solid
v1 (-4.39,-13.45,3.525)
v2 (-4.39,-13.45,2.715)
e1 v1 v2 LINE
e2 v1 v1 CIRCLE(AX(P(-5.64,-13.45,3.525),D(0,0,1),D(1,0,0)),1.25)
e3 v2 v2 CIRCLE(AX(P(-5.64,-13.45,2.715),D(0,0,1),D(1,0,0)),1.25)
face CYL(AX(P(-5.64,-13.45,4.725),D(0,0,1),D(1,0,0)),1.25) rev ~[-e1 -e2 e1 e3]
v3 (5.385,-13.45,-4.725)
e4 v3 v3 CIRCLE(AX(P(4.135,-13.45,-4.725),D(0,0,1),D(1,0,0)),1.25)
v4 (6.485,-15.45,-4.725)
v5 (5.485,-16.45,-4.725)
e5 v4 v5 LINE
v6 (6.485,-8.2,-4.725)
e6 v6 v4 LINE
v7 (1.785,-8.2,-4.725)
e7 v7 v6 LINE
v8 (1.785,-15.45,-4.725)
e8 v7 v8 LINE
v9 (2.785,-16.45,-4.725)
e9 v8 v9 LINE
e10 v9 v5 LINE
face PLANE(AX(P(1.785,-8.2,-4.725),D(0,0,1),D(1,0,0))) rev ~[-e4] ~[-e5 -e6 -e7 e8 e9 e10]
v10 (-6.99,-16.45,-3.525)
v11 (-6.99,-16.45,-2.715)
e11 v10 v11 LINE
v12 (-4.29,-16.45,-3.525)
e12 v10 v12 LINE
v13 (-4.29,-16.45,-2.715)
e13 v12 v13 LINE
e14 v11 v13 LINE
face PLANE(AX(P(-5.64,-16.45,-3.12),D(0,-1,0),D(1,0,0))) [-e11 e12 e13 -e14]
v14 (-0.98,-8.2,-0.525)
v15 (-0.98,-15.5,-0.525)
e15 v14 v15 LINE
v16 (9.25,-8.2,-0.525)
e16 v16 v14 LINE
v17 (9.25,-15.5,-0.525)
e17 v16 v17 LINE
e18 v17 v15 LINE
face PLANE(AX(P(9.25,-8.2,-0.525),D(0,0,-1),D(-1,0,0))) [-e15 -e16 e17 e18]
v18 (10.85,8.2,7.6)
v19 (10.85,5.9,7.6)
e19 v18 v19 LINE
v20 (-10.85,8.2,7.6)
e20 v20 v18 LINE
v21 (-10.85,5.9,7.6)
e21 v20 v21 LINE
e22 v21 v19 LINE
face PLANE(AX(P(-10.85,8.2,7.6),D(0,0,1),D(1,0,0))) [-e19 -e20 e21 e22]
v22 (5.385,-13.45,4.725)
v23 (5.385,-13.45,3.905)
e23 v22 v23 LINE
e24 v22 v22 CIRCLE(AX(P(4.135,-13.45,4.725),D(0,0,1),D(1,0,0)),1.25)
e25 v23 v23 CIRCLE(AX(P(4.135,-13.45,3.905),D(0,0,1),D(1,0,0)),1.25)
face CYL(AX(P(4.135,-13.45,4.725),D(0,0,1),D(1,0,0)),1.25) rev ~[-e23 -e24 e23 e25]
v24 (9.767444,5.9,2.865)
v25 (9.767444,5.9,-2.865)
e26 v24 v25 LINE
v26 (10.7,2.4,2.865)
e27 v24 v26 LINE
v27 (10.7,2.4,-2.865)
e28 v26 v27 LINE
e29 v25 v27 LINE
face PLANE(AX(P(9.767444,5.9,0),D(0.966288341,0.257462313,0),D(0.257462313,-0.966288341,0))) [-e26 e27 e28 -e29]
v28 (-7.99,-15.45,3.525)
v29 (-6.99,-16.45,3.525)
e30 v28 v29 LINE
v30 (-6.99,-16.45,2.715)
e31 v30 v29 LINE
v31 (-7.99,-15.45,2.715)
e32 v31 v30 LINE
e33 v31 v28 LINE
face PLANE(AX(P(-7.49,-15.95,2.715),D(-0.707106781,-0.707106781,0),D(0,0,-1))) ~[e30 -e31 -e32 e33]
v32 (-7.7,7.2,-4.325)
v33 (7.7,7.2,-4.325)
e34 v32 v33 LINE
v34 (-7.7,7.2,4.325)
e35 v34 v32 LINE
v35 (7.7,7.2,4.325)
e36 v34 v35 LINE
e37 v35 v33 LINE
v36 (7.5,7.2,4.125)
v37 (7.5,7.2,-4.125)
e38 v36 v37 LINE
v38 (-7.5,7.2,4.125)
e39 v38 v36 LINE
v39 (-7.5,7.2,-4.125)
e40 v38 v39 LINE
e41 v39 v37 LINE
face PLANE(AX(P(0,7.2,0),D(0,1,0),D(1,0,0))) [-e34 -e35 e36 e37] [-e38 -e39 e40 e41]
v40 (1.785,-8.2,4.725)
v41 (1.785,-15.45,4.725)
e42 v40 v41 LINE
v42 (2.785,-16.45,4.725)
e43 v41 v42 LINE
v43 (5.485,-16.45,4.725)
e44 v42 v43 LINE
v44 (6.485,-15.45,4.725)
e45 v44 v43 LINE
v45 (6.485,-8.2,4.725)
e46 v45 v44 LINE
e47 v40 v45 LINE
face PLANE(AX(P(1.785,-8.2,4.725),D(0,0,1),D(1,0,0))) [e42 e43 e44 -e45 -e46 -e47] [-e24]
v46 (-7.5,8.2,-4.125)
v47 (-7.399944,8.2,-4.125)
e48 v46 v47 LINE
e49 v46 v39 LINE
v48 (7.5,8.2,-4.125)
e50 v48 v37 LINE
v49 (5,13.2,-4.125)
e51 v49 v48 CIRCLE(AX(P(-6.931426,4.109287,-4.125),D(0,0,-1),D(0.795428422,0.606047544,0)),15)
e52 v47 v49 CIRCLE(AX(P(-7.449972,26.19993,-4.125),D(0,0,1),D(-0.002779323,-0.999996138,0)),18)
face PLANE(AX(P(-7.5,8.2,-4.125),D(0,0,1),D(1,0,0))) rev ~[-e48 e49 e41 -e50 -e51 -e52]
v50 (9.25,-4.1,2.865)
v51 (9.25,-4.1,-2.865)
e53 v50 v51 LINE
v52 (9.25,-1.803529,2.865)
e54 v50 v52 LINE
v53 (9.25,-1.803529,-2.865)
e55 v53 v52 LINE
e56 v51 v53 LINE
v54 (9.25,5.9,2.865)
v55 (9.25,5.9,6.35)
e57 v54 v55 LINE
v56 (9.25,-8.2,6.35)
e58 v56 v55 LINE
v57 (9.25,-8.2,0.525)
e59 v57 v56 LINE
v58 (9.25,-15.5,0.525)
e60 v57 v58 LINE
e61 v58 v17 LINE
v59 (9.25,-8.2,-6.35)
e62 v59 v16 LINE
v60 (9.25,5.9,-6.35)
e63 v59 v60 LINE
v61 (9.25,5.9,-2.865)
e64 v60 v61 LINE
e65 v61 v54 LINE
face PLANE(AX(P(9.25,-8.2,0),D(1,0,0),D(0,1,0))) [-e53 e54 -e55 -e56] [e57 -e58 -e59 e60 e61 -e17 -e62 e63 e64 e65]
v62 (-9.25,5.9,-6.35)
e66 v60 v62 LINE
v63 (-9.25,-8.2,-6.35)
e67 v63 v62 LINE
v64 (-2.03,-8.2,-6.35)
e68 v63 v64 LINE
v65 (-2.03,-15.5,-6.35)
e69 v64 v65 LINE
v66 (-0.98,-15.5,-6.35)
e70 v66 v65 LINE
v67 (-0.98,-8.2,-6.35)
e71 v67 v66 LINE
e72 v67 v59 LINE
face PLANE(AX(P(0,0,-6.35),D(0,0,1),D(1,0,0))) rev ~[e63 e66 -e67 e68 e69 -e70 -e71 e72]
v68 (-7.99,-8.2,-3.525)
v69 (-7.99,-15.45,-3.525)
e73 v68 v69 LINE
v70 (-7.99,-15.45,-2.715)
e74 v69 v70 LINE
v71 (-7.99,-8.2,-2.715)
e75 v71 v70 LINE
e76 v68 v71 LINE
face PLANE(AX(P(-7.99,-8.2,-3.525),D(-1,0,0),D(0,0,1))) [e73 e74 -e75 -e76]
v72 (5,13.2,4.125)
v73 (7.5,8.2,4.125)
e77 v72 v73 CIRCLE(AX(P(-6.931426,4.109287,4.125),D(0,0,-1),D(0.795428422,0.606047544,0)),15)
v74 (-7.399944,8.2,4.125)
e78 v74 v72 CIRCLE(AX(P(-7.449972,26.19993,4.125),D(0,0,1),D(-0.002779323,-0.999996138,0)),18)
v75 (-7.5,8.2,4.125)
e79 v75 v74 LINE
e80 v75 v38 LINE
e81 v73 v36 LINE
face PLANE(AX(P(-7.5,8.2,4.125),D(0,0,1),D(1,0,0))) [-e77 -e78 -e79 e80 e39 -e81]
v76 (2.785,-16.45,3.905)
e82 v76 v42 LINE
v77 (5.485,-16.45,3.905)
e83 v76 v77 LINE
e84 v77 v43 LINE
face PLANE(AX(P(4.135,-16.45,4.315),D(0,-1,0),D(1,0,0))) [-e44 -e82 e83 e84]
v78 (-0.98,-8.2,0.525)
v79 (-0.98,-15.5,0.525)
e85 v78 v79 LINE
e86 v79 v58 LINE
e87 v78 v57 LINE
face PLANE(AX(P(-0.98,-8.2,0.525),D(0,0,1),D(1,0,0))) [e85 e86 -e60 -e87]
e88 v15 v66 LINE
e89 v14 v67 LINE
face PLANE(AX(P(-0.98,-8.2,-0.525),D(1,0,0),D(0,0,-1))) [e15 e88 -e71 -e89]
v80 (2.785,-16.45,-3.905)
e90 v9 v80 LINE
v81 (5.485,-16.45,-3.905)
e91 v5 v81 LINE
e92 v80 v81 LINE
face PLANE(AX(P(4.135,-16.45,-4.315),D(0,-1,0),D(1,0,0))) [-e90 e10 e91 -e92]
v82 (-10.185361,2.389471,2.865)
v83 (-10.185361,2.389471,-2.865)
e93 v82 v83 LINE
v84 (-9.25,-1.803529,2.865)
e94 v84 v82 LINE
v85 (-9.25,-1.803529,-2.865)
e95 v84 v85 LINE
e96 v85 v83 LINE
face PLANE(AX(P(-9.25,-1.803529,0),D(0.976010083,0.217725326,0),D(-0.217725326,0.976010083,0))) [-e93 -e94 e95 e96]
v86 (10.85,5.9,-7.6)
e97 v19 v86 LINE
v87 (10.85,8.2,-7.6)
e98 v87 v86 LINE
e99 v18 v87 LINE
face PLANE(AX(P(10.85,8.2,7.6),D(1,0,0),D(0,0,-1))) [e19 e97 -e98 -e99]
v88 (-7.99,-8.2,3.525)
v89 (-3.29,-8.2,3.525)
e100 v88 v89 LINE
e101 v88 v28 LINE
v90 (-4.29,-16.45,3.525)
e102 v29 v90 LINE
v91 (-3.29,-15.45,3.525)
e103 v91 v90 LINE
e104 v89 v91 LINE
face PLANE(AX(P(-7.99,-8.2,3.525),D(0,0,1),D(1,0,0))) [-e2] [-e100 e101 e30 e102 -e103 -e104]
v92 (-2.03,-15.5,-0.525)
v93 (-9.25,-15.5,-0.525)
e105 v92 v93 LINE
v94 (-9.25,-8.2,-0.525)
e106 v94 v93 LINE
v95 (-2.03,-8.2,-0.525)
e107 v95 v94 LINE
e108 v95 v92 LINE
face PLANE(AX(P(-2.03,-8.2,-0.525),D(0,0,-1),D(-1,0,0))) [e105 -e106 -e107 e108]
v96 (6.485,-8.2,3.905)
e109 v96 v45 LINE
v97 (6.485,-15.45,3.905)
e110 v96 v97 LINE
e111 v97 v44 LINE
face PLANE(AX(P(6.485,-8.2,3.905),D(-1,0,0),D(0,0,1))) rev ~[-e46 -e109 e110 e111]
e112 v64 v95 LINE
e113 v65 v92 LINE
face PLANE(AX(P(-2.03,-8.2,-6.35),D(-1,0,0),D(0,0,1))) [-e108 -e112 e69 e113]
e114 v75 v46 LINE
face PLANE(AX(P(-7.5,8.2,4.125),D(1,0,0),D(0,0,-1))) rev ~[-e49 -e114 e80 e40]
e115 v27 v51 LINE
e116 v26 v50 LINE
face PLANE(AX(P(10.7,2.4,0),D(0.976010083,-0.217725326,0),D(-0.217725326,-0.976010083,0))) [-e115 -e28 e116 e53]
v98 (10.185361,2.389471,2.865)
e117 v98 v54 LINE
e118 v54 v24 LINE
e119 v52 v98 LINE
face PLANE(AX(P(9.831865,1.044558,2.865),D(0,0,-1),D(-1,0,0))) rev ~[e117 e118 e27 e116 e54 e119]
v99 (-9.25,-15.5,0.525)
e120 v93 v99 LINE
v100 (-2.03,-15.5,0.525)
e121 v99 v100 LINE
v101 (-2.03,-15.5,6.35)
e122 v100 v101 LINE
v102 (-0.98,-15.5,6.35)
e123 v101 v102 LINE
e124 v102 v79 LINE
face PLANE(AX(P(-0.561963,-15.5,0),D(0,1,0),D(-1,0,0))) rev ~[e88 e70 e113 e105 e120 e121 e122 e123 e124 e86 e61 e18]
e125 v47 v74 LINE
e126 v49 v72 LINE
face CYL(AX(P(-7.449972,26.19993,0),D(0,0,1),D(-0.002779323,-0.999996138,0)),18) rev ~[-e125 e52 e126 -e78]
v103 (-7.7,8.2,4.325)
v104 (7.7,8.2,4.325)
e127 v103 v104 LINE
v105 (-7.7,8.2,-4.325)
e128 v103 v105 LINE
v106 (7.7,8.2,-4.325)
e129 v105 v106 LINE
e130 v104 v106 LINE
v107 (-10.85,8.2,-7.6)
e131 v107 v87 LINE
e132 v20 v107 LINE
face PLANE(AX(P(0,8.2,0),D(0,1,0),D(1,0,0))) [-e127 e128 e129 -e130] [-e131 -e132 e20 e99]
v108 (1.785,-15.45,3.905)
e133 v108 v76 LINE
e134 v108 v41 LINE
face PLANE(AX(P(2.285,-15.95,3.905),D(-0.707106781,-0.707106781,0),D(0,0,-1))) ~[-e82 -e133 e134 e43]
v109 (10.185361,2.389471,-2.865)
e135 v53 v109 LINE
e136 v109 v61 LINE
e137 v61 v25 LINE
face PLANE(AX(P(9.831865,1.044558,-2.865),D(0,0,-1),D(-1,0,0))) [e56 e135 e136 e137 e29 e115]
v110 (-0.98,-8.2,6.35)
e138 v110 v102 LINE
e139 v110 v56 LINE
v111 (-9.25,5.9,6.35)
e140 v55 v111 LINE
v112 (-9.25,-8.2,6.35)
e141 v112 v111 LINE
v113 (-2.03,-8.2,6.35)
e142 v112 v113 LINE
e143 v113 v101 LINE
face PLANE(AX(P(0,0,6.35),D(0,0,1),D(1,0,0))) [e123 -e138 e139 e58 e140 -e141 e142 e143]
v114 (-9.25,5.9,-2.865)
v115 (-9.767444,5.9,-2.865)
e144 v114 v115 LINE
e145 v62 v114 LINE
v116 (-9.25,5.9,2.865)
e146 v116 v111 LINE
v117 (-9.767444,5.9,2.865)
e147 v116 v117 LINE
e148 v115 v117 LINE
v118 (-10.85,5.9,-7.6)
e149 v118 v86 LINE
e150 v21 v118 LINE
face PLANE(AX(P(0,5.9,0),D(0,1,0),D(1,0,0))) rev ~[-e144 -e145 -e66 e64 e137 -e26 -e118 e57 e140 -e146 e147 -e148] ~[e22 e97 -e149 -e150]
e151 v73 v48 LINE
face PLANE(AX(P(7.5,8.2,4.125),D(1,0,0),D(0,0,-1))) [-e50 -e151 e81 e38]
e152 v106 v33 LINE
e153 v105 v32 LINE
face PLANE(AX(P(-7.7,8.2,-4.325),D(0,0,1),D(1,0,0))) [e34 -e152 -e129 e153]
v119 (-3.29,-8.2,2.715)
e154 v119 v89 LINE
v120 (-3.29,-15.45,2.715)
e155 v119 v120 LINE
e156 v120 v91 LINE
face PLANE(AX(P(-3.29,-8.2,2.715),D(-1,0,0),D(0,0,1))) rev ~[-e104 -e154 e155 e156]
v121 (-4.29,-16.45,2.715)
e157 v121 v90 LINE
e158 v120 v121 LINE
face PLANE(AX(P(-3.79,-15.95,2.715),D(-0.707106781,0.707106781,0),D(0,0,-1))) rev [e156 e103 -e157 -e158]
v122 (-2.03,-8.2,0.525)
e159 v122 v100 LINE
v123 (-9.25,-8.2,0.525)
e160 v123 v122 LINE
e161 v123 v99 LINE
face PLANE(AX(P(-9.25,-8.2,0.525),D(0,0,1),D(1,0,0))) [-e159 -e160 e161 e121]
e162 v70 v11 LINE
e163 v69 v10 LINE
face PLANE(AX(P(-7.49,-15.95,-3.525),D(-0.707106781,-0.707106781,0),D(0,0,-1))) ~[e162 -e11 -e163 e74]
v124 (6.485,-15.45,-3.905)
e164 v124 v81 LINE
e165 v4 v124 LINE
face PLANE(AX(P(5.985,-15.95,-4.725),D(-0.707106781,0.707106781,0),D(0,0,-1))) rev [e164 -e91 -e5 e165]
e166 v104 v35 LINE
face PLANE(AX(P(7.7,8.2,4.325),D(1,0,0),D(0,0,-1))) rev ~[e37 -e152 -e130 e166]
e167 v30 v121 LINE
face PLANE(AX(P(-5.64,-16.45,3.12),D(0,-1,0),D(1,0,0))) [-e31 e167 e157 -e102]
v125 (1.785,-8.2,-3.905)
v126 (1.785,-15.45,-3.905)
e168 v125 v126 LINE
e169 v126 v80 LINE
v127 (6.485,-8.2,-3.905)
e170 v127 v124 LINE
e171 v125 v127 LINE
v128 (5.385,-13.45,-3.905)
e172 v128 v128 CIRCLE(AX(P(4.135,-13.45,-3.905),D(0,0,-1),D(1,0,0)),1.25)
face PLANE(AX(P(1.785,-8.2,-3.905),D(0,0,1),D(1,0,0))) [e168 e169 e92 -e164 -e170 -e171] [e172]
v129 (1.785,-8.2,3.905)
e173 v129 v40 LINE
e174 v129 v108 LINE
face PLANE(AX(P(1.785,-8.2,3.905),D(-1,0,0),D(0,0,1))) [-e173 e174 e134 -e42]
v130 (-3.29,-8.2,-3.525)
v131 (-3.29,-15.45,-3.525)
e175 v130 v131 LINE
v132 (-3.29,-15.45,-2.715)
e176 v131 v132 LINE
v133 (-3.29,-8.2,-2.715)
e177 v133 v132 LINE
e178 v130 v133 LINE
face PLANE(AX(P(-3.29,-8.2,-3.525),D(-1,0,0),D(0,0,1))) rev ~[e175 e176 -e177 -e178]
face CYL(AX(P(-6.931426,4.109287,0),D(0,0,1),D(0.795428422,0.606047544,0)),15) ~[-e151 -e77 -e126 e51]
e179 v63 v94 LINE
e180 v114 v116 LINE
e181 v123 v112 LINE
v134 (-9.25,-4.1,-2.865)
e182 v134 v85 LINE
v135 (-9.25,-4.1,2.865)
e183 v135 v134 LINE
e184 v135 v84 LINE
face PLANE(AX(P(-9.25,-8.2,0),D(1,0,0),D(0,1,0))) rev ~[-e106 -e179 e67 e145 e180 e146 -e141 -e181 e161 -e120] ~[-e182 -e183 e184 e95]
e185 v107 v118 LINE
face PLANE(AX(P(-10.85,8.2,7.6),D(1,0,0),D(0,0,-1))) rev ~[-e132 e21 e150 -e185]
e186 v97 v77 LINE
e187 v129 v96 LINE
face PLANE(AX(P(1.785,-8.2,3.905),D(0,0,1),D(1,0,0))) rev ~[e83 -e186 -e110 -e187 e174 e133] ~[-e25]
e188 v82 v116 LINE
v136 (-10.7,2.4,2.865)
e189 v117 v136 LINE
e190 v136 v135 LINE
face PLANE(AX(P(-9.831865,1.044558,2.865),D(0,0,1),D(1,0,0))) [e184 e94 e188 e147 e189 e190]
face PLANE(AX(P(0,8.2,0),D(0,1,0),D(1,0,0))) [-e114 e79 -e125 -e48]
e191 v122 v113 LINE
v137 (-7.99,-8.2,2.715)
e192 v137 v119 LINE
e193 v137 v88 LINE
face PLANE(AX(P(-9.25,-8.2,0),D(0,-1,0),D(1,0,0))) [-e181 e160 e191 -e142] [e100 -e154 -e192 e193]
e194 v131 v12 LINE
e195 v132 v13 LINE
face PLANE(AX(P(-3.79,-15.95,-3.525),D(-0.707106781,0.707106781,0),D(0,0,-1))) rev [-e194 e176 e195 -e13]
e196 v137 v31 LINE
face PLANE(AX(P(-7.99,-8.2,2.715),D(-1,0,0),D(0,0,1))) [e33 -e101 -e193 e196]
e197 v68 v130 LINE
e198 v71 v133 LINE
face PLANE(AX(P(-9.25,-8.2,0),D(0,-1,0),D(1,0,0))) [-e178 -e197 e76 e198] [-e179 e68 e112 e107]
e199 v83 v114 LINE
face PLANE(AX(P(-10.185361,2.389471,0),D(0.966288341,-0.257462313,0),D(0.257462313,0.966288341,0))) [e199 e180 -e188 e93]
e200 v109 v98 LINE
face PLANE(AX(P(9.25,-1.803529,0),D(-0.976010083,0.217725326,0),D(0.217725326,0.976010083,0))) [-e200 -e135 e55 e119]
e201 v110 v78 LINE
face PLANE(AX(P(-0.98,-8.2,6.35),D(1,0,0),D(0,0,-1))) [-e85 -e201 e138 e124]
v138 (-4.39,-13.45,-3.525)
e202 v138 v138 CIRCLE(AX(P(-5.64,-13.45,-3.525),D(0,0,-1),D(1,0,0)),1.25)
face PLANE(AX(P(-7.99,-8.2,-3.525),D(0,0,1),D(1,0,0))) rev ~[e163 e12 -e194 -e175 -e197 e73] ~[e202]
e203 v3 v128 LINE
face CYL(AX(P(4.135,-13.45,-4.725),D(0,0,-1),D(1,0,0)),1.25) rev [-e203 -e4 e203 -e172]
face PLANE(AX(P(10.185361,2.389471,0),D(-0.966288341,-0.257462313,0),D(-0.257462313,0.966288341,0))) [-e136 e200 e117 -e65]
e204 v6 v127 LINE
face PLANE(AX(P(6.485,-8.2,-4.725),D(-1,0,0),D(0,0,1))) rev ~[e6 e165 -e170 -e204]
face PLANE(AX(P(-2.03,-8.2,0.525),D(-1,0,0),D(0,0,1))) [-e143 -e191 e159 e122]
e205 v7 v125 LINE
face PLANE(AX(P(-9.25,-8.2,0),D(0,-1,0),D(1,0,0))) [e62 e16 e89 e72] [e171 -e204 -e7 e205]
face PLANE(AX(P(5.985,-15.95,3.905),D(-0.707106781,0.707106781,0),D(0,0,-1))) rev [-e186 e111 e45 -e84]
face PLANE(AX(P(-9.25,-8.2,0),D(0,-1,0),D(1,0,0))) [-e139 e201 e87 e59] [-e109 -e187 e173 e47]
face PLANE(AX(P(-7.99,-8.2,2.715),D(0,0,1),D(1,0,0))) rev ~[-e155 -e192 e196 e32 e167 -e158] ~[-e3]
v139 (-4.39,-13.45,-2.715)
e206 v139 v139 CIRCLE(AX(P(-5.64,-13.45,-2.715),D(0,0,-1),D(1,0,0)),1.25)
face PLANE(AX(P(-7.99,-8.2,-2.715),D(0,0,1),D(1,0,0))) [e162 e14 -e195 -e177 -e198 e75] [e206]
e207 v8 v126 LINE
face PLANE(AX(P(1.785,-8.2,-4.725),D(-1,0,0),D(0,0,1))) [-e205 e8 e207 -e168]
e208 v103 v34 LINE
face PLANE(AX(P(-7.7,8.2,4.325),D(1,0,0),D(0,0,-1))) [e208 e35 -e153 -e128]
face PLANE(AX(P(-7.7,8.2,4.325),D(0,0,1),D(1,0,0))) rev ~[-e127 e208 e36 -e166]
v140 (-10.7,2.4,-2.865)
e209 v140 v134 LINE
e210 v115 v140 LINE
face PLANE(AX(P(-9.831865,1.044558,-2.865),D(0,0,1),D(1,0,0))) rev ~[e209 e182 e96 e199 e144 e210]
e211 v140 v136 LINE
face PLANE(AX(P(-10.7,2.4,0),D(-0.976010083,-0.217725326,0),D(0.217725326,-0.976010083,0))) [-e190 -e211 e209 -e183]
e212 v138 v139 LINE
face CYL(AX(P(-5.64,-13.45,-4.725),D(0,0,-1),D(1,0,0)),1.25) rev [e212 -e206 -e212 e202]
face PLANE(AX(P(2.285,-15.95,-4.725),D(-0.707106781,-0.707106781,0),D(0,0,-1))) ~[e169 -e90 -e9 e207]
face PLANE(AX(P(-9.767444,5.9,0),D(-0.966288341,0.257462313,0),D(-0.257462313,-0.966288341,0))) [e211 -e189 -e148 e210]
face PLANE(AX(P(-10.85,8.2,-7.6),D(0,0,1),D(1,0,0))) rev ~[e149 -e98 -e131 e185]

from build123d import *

# Parameters (mm, degrees)
SKETCH_1_W          = 18.5
SKETCH_1_H          = 16.4
EXTRUDE_1_DEPTH     = 6.35
SKETCH_2_W          = 21.7
SKETCH_2_H          = 15.2
EXTRUDE_2_DEPTH     = 2.3
EXTRUDE_3_DEPTH     = 2.865
EXTRUDE_4_DEPTH     = 7.3
SKETCH_5_W          = 4.7
SKETCH_5_H          = 0.81
SKETCH_5_H_2        = 0.82
EXTRUDE_5_DEPTH     = 8.25
CHAMFER_1_SIZE      = 1
SKETCH_6_R          = 1.25
CUT_EXTRUDE_1_DEPTH = 2.25
EXTRUDE_6_DEPTH     = 4.125
SKETCH_8_W          = 15.4
SKETCH_8_H          = 8.65
SKETCH_8_W_2        = 15
SKETCH_8_H_2        = 8.25
CUT_EXTRUDE_2_DEPTH = 1


with BuildPart() as part:
    # 草图1 → 凸台-拉伸1 (new body, symmetric)
    with BuildSketch(Plane.XY):
        Rectangle(SKETCH_1_W, SKETCH_1_H)
    extrude(amount=EXTRUDE_1_DEPTH, both=True)

    # 草图2 → 凸台-拉伸2 (add)
    with BuildSketch(Plane(origin=(0, 8.2, 0), x_dir=(1, 0, 0), z_dir=(0, 1, 0))):
        Rectangle(SKETCH_2_W, SKETCH_2_H)
    extrude(amount=-EXTRUDE_2_DEPTH)

    # 草图3 → 凸台-拉伸3 (add, symmetric)
    with BuildSketch(Plane.XY):
        Polygon((9.25, 5.9), (9.767443892, 5.9), (10.7, 2.4), (9.25, -4.1), (9.25, -1.80352853), (10.185361465, 2.389471142), align=None)
        Polygon((-10.185361465, 2.389471142), (-9.25, 5.9), (-9.767443892, 5.9), (-10.7, 2.4), (-9.25, -4.1), (-9.25, -1.80352853), align=None)
    extrude(amount=EXTRUDE_3_DEPTH, both=True)

    # 草图4 → 凸台-拉伸4 (add)
    with BuildSketch(Plane.XZ.offset(8.2)):
        Polygon((-9.25, 0.525), (-2.03, 0.525), (-2.03, 6.35), (-0.98, 6.35), (-0.98, 0.525), (9.25, 0.525), (9.25, -0.525), (-0.98, -0.525), (-0.98, -6.35), (-2.03, -6.35), (-2.03, -0.525), (-9.25, -0.525), align=None)
    extrude(amount=EXTRUDE_4_DEPTH)

    # 草图5 → 凸台-拉伸5 (add)
    with BuildSketch(Plane.XZ.offset(8.2)):
        with Locations((-5.64, 3.12)):
            Rectangle(SKETCH_5_W, SKETCH_5_H)
        with Locations((4.135, 4.315)):
            Rectangle(SKETCH_5_W, SKETCH_5_H_2)
        with Locations((4.135, -4.315)):
            Rectangle(SKETCH_5_W, SKETCH_5_H_2)
        with Locations((-5.64, -3.12)):
            Rectangle(SKETCH_5_W, SKETCH_5_H)
    extrude(amount=EXTRUDE_5_DEPTH)

    # 倒角1
    chamfer_1_edges = [part.edges().sort_by_distance(p)[0] for p in [
        (-3.29, -16.45, 3.12),
        (-7.99, -16.45, 3.12),
        (6.485, -16.45, 4.315),
        (1.785, -16.45, 4.315),
        (1.785, -16.45, -4.315),
        (6.485, -16.45, -4.315),
        (-7.99, -16.45, -3.12),
        (-3.29, -16.45, -3.12),
    ]]
    chamfer(chamfer_1_edges, length=CHAMFER_1_SIZE)

    # 草图6 → 切除-拉伸1 (cut)
    with BuildSketch(Plane.XY.offset(4.725)):
        with Locations((4.135, -13.45)):
            Circle(SKETCH_6_R)
        with Locations((-5.64, -13.45)):
            Circle(SKETCH_6_R)
    cut_extrude_1 = extrude(amount=-CUT_EXTRUDE_1_DEPTH, mode=Mode.SUBTRACT)

    # 镜向1: 切除-拉伸1 across plane
    add(cut_extrude_1.mirror(Plane.XY), mode=Mode.SUBTRACT)

    # 草图7 → 凸台-拉伸6 (add, symmetric)
    with BuildSketch(Plane.XY):
        with BuildLine():
            ThreePointArc((5, 13.2), (6.484981539, 10.817490769), (7.5, 8.2))
            Line((7.5, 8.2), (-7.5, 8.2))
            ThreePointArc((-7.5, 8.2), (-0.764940017, 9.487350042), (5, 13.2))
        make_face()
    extrude(amount=EXTRUDE_6_DEPTH, both=True)

    # 草图8 → 切除-拉伸2 (cut)
    with BuildSketch(Plane(origin=(0, 8.2, 0), x_dir=(1, 0, 0), z_dir=(0, 1, 0))):
        Rectangle(SKETCH_8_W, SKETCH_8_H)
        Rectangle(SKETCH_8_W_2, SKETCH_8_H_2, mode=Mode.SUBTRACT)
    extrude(amount=-CUT_EXTRUDE_2_DEPTH, mode=Mode.SUBTRACT)


solid = part.part
